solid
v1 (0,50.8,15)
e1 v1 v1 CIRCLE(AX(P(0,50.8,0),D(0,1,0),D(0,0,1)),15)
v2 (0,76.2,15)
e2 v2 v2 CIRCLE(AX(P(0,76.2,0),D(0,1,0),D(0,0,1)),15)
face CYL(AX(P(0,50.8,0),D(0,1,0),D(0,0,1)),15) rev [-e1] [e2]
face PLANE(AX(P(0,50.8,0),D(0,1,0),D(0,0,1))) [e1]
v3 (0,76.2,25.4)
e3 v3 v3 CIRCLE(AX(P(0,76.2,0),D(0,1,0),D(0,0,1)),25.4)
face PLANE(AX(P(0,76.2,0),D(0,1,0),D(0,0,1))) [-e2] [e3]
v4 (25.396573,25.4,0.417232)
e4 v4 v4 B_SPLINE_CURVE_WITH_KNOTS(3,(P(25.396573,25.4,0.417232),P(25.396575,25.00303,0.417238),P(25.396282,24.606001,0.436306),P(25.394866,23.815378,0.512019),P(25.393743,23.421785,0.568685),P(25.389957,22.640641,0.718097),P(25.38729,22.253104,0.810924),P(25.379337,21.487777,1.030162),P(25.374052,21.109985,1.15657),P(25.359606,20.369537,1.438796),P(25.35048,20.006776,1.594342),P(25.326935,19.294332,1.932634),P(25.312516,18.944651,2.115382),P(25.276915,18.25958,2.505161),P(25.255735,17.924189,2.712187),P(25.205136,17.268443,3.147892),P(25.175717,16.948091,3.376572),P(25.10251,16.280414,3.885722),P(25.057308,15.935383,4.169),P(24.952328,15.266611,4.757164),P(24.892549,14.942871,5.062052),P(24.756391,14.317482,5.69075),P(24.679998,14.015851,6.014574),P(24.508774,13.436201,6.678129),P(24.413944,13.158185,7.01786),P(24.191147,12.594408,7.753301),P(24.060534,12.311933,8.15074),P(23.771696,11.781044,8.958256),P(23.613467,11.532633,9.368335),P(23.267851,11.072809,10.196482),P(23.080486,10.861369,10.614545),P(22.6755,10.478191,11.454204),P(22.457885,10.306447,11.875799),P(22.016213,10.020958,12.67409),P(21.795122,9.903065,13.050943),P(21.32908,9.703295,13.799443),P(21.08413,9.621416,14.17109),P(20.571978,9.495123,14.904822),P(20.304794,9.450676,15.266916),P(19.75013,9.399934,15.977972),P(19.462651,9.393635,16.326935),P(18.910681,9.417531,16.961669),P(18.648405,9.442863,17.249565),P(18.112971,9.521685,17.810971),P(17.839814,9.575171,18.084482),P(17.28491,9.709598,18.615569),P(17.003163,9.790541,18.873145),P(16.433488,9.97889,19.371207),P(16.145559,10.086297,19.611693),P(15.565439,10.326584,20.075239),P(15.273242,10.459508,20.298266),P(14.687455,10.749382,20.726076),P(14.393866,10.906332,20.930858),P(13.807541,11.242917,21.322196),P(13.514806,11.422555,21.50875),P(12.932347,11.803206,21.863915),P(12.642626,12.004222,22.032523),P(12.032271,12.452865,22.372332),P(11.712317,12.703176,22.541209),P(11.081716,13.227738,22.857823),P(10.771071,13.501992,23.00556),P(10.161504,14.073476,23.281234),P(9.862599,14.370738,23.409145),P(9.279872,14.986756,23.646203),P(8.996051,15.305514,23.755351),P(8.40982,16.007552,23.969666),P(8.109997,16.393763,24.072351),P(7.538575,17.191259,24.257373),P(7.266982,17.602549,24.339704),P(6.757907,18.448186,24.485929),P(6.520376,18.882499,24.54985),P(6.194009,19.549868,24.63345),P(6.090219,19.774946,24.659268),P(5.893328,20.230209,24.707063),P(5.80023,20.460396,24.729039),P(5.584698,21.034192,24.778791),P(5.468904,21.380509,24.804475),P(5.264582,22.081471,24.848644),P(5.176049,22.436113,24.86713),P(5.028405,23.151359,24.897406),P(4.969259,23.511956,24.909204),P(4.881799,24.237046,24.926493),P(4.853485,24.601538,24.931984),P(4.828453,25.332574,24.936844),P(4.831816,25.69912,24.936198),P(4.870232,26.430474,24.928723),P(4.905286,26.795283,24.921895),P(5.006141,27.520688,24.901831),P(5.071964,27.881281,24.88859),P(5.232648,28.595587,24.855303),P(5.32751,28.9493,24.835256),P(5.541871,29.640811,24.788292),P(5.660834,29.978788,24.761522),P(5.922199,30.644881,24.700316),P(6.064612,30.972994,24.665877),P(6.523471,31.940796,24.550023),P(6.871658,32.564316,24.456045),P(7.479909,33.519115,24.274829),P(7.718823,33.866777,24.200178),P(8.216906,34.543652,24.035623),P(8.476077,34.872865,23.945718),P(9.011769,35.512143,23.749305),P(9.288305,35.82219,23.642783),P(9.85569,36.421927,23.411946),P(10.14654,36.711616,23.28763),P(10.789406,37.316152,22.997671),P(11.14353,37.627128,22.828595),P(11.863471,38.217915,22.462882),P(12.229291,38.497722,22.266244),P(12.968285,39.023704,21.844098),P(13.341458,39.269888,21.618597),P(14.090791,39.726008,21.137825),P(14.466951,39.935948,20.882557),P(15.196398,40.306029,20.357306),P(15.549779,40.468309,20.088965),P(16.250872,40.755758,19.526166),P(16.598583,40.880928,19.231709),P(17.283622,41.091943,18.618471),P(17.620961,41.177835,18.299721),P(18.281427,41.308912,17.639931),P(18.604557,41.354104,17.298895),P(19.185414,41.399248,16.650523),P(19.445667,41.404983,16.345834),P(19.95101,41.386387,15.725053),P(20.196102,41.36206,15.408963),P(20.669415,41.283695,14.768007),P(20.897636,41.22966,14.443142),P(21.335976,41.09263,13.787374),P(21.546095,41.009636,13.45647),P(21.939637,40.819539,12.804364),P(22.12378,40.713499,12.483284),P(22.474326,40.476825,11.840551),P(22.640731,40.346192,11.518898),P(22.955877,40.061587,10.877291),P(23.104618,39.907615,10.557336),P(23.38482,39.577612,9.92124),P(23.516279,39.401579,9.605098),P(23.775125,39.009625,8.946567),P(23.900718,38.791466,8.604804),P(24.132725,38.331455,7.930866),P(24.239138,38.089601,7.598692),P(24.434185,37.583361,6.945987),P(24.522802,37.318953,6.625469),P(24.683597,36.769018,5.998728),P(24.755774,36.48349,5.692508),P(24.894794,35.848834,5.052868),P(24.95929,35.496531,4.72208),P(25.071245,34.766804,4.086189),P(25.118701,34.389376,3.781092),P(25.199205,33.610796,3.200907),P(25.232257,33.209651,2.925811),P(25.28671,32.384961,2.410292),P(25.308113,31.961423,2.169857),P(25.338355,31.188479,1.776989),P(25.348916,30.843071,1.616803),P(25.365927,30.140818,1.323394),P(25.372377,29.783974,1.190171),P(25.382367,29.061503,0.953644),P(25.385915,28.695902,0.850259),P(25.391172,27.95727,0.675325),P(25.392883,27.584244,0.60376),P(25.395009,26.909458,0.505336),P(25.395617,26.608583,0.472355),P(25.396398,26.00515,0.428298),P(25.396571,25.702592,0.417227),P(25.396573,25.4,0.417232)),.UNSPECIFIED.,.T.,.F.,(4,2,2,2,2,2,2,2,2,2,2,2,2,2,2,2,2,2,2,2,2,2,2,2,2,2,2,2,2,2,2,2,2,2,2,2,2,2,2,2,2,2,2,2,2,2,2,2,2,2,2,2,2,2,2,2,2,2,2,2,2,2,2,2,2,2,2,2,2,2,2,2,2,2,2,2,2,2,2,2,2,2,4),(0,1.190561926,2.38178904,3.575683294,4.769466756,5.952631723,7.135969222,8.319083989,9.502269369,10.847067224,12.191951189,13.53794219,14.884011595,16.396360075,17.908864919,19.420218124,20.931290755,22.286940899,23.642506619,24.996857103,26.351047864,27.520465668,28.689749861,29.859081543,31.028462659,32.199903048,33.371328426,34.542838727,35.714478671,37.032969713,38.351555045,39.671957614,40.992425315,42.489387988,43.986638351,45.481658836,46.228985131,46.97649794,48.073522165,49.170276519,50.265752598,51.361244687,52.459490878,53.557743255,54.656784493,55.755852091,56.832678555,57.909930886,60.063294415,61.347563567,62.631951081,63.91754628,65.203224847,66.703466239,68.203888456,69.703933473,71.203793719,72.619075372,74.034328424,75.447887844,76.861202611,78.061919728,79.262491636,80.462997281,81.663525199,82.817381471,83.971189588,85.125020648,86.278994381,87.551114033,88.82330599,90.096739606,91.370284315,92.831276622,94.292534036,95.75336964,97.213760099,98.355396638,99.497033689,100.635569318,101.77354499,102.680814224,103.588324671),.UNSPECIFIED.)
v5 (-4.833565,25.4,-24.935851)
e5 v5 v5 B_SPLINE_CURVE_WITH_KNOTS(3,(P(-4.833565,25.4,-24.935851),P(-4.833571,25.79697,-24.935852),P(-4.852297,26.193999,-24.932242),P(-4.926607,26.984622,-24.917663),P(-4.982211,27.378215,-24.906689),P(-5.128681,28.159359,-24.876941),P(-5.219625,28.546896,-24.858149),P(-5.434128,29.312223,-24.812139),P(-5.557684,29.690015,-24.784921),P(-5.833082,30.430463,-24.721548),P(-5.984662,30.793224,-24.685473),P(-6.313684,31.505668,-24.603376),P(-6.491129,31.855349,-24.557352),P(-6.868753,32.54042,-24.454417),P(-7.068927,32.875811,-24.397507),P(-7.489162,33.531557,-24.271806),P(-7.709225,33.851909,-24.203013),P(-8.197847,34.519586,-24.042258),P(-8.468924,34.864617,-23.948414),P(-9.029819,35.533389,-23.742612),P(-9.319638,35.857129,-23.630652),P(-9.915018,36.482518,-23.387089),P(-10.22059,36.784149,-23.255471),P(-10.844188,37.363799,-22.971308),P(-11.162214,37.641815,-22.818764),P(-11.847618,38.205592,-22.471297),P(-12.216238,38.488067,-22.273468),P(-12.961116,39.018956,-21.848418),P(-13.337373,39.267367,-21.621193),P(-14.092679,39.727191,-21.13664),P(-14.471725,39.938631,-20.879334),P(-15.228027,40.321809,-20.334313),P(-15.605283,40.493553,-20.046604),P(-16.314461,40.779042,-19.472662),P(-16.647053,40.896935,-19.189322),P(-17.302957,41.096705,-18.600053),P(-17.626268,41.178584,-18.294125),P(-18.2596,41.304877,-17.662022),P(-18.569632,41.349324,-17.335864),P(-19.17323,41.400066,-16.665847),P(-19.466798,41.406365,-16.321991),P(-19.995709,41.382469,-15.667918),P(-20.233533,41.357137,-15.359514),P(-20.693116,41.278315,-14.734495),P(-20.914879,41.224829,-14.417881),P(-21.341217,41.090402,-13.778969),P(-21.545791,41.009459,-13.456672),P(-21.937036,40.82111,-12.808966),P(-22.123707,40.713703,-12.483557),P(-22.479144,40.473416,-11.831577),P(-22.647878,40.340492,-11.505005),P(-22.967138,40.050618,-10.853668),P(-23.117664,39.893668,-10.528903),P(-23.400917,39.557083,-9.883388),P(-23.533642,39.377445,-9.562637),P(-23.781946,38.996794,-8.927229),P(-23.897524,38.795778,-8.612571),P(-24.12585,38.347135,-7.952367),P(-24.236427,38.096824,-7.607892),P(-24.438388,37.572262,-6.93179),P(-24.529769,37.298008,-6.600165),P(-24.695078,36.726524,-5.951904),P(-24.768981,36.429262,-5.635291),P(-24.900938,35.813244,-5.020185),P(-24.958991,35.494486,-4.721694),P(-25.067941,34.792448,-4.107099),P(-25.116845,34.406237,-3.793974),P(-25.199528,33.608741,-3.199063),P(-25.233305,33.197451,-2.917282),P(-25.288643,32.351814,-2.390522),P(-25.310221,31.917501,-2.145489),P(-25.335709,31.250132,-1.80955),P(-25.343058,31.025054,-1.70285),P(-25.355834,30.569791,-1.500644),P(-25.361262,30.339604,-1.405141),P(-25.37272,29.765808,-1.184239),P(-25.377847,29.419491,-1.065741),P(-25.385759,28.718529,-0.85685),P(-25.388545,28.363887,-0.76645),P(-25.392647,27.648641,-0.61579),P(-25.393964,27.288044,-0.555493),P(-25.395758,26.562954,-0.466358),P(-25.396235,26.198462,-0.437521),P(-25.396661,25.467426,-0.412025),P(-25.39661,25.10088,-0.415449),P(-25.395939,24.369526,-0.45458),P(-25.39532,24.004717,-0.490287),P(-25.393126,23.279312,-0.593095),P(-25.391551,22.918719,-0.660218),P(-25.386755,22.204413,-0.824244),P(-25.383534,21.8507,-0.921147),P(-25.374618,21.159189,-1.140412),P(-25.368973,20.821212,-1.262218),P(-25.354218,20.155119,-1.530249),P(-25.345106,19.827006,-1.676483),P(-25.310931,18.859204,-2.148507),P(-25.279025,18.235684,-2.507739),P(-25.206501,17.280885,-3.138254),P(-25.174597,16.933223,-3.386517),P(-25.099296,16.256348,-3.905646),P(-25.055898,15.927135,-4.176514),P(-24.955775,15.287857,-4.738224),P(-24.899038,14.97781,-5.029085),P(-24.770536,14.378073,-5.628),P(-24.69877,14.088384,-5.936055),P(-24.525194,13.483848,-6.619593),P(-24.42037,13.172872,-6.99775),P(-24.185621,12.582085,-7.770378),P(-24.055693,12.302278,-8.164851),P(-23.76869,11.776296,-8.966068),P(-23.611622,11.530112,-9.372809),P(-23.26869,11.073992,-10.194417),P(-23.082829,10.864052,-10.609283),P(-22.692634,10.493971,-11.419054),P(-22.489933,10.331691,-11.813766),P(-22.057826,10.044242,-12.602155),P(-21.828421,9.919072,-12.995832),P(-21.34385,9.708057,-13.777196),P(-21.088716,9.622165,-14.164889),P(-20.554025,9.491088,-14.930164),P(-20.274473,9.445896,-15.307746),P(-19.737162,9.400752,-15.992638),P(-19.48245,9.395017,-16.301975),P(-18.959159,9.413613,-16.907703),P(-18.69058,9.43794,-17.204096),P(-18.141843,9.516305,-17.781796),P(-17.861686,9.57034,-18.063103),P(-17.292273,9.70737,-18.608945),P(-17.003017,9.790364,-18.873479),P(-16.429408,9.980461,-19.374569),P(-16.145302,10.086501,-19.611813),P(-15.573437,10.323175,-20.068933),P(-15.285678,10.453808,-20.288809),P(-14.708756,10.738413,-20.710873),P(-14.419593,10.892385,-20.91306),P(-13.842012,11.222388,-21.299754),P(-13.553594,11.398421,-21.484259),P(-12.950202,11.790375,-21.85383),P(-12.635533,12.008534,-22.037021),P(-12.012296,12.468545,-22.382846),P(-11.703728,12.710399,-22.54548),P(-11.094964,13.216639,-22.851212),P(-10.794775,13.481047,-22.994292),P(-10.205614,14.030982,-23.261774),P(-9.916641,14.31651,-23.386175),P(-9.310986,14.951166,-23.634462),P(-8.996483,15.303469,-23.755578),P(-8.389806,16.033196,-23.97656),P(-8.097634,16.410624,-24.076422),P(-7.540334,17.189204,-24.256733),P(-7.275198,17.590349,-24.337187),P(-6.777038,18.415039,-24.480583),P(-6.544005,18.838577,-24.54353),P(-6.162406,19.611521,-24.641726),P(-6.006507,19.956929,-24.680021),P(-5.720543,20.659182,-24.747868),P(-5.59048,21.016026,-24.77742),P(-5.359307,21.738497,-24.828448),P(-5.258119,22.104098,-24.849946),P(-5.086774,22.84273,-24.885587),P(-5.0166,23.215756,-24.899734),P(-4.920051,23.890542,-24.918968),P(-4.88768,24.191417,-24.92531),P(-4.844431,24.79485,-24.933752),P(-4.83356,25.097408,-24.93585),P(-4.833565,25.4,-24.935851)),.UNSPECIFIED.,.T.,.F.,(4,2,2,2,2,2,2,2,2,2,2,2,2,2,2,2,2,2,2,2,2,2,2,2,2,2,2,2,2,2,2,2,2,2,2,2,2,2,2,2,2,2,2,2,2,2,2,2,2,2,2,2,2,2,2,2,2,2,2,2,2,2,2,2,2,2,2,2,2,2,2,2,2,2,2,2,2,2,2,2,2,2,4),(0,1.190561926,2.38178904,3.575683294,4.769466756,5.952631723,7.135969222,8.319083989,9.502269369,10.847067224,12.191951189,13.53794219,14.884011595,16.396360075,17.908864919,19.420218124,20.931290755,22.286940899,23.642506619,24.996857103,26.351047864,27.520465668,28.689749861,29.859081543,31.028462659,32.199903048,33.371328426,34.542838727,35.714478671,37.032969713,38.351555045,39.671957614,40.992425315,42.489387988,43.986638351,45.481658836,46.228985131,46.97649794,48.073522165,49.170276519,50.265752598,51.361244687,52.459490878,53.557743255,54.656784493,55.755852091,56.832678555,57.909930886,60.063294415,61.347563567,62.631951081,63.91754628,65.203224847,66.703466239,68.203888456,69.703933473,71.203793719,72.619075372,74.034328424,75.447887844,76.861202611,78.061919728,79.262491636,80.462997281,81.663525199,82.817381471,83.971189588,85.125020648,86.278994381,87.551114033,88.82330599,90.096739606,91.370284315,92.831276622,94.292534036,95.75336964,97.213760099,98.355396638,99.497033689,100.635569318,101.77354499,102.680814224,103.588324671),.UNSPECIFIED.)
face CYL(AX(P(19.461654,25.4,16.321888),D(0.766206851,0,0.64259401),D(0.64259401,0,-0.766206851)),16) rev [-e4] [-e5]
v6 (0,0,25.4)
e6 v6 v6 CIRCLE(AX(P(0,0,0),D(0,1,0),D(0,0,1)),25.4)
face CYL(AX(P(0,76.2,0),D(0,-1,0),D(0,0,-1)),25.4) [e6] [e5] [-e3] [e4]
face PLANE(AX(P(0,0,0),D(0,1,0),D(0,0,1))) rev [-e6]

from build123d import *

# Parameters (mm, degrees)
SKETCH1_R                    = 25.4
BOSS_EXTRUDE1_DEPTH          = 76.2
SKETCH2_R                    = 15
CUT_EXTRUDE1_DEPTH           = 25.4
F_12_8_12_8_DIAMETER_HOLE1_D = 32


with BuildPart() as part:
    # Sketch1 → Boss-Extrude1 (new body)
    with BuildSketch(Plane(origin=(0, 0, 0), x_dir=(1, 0, 0), z_dir=(0, 1, 0))):
        with Locations(Location((0, 0, 0), (0, 0, 90))):
            Circle(SKETCH1_R)
    extrude(amount=BOSS_EXTRUDE1_DEPTH)

    # Sketch2 → Cut-Extrude1 (cut)
    with BuildSketch(Plane(origin=(0, 76.2, 0), x_dir=(1, 0, 0), z_dir=(0, 1, 0))):
        with Locations(Location((0, 0, 0), (0, 0, 270))):
            Circle(SKETCH2_R)
    extrude(amount=-CUT_EXTRUDE1_DEPTH, mode=Mode.SUBTRACT)

    # Ø12.8 (12.8) Diameter Hole1 (through all)
    with Locations(Plane(origin=(19.461654008, 25.4, 16.321887859), x_dir=(-0.642594010206, 0, 0.766206850692), z_dir=(0.766206850692, 0, 0.642594010206))):
        with Locations((0, 0)):
            Hole(F_12_8_12_8_DIAMETER_HOLE1_D / 2)


solid = part.part
